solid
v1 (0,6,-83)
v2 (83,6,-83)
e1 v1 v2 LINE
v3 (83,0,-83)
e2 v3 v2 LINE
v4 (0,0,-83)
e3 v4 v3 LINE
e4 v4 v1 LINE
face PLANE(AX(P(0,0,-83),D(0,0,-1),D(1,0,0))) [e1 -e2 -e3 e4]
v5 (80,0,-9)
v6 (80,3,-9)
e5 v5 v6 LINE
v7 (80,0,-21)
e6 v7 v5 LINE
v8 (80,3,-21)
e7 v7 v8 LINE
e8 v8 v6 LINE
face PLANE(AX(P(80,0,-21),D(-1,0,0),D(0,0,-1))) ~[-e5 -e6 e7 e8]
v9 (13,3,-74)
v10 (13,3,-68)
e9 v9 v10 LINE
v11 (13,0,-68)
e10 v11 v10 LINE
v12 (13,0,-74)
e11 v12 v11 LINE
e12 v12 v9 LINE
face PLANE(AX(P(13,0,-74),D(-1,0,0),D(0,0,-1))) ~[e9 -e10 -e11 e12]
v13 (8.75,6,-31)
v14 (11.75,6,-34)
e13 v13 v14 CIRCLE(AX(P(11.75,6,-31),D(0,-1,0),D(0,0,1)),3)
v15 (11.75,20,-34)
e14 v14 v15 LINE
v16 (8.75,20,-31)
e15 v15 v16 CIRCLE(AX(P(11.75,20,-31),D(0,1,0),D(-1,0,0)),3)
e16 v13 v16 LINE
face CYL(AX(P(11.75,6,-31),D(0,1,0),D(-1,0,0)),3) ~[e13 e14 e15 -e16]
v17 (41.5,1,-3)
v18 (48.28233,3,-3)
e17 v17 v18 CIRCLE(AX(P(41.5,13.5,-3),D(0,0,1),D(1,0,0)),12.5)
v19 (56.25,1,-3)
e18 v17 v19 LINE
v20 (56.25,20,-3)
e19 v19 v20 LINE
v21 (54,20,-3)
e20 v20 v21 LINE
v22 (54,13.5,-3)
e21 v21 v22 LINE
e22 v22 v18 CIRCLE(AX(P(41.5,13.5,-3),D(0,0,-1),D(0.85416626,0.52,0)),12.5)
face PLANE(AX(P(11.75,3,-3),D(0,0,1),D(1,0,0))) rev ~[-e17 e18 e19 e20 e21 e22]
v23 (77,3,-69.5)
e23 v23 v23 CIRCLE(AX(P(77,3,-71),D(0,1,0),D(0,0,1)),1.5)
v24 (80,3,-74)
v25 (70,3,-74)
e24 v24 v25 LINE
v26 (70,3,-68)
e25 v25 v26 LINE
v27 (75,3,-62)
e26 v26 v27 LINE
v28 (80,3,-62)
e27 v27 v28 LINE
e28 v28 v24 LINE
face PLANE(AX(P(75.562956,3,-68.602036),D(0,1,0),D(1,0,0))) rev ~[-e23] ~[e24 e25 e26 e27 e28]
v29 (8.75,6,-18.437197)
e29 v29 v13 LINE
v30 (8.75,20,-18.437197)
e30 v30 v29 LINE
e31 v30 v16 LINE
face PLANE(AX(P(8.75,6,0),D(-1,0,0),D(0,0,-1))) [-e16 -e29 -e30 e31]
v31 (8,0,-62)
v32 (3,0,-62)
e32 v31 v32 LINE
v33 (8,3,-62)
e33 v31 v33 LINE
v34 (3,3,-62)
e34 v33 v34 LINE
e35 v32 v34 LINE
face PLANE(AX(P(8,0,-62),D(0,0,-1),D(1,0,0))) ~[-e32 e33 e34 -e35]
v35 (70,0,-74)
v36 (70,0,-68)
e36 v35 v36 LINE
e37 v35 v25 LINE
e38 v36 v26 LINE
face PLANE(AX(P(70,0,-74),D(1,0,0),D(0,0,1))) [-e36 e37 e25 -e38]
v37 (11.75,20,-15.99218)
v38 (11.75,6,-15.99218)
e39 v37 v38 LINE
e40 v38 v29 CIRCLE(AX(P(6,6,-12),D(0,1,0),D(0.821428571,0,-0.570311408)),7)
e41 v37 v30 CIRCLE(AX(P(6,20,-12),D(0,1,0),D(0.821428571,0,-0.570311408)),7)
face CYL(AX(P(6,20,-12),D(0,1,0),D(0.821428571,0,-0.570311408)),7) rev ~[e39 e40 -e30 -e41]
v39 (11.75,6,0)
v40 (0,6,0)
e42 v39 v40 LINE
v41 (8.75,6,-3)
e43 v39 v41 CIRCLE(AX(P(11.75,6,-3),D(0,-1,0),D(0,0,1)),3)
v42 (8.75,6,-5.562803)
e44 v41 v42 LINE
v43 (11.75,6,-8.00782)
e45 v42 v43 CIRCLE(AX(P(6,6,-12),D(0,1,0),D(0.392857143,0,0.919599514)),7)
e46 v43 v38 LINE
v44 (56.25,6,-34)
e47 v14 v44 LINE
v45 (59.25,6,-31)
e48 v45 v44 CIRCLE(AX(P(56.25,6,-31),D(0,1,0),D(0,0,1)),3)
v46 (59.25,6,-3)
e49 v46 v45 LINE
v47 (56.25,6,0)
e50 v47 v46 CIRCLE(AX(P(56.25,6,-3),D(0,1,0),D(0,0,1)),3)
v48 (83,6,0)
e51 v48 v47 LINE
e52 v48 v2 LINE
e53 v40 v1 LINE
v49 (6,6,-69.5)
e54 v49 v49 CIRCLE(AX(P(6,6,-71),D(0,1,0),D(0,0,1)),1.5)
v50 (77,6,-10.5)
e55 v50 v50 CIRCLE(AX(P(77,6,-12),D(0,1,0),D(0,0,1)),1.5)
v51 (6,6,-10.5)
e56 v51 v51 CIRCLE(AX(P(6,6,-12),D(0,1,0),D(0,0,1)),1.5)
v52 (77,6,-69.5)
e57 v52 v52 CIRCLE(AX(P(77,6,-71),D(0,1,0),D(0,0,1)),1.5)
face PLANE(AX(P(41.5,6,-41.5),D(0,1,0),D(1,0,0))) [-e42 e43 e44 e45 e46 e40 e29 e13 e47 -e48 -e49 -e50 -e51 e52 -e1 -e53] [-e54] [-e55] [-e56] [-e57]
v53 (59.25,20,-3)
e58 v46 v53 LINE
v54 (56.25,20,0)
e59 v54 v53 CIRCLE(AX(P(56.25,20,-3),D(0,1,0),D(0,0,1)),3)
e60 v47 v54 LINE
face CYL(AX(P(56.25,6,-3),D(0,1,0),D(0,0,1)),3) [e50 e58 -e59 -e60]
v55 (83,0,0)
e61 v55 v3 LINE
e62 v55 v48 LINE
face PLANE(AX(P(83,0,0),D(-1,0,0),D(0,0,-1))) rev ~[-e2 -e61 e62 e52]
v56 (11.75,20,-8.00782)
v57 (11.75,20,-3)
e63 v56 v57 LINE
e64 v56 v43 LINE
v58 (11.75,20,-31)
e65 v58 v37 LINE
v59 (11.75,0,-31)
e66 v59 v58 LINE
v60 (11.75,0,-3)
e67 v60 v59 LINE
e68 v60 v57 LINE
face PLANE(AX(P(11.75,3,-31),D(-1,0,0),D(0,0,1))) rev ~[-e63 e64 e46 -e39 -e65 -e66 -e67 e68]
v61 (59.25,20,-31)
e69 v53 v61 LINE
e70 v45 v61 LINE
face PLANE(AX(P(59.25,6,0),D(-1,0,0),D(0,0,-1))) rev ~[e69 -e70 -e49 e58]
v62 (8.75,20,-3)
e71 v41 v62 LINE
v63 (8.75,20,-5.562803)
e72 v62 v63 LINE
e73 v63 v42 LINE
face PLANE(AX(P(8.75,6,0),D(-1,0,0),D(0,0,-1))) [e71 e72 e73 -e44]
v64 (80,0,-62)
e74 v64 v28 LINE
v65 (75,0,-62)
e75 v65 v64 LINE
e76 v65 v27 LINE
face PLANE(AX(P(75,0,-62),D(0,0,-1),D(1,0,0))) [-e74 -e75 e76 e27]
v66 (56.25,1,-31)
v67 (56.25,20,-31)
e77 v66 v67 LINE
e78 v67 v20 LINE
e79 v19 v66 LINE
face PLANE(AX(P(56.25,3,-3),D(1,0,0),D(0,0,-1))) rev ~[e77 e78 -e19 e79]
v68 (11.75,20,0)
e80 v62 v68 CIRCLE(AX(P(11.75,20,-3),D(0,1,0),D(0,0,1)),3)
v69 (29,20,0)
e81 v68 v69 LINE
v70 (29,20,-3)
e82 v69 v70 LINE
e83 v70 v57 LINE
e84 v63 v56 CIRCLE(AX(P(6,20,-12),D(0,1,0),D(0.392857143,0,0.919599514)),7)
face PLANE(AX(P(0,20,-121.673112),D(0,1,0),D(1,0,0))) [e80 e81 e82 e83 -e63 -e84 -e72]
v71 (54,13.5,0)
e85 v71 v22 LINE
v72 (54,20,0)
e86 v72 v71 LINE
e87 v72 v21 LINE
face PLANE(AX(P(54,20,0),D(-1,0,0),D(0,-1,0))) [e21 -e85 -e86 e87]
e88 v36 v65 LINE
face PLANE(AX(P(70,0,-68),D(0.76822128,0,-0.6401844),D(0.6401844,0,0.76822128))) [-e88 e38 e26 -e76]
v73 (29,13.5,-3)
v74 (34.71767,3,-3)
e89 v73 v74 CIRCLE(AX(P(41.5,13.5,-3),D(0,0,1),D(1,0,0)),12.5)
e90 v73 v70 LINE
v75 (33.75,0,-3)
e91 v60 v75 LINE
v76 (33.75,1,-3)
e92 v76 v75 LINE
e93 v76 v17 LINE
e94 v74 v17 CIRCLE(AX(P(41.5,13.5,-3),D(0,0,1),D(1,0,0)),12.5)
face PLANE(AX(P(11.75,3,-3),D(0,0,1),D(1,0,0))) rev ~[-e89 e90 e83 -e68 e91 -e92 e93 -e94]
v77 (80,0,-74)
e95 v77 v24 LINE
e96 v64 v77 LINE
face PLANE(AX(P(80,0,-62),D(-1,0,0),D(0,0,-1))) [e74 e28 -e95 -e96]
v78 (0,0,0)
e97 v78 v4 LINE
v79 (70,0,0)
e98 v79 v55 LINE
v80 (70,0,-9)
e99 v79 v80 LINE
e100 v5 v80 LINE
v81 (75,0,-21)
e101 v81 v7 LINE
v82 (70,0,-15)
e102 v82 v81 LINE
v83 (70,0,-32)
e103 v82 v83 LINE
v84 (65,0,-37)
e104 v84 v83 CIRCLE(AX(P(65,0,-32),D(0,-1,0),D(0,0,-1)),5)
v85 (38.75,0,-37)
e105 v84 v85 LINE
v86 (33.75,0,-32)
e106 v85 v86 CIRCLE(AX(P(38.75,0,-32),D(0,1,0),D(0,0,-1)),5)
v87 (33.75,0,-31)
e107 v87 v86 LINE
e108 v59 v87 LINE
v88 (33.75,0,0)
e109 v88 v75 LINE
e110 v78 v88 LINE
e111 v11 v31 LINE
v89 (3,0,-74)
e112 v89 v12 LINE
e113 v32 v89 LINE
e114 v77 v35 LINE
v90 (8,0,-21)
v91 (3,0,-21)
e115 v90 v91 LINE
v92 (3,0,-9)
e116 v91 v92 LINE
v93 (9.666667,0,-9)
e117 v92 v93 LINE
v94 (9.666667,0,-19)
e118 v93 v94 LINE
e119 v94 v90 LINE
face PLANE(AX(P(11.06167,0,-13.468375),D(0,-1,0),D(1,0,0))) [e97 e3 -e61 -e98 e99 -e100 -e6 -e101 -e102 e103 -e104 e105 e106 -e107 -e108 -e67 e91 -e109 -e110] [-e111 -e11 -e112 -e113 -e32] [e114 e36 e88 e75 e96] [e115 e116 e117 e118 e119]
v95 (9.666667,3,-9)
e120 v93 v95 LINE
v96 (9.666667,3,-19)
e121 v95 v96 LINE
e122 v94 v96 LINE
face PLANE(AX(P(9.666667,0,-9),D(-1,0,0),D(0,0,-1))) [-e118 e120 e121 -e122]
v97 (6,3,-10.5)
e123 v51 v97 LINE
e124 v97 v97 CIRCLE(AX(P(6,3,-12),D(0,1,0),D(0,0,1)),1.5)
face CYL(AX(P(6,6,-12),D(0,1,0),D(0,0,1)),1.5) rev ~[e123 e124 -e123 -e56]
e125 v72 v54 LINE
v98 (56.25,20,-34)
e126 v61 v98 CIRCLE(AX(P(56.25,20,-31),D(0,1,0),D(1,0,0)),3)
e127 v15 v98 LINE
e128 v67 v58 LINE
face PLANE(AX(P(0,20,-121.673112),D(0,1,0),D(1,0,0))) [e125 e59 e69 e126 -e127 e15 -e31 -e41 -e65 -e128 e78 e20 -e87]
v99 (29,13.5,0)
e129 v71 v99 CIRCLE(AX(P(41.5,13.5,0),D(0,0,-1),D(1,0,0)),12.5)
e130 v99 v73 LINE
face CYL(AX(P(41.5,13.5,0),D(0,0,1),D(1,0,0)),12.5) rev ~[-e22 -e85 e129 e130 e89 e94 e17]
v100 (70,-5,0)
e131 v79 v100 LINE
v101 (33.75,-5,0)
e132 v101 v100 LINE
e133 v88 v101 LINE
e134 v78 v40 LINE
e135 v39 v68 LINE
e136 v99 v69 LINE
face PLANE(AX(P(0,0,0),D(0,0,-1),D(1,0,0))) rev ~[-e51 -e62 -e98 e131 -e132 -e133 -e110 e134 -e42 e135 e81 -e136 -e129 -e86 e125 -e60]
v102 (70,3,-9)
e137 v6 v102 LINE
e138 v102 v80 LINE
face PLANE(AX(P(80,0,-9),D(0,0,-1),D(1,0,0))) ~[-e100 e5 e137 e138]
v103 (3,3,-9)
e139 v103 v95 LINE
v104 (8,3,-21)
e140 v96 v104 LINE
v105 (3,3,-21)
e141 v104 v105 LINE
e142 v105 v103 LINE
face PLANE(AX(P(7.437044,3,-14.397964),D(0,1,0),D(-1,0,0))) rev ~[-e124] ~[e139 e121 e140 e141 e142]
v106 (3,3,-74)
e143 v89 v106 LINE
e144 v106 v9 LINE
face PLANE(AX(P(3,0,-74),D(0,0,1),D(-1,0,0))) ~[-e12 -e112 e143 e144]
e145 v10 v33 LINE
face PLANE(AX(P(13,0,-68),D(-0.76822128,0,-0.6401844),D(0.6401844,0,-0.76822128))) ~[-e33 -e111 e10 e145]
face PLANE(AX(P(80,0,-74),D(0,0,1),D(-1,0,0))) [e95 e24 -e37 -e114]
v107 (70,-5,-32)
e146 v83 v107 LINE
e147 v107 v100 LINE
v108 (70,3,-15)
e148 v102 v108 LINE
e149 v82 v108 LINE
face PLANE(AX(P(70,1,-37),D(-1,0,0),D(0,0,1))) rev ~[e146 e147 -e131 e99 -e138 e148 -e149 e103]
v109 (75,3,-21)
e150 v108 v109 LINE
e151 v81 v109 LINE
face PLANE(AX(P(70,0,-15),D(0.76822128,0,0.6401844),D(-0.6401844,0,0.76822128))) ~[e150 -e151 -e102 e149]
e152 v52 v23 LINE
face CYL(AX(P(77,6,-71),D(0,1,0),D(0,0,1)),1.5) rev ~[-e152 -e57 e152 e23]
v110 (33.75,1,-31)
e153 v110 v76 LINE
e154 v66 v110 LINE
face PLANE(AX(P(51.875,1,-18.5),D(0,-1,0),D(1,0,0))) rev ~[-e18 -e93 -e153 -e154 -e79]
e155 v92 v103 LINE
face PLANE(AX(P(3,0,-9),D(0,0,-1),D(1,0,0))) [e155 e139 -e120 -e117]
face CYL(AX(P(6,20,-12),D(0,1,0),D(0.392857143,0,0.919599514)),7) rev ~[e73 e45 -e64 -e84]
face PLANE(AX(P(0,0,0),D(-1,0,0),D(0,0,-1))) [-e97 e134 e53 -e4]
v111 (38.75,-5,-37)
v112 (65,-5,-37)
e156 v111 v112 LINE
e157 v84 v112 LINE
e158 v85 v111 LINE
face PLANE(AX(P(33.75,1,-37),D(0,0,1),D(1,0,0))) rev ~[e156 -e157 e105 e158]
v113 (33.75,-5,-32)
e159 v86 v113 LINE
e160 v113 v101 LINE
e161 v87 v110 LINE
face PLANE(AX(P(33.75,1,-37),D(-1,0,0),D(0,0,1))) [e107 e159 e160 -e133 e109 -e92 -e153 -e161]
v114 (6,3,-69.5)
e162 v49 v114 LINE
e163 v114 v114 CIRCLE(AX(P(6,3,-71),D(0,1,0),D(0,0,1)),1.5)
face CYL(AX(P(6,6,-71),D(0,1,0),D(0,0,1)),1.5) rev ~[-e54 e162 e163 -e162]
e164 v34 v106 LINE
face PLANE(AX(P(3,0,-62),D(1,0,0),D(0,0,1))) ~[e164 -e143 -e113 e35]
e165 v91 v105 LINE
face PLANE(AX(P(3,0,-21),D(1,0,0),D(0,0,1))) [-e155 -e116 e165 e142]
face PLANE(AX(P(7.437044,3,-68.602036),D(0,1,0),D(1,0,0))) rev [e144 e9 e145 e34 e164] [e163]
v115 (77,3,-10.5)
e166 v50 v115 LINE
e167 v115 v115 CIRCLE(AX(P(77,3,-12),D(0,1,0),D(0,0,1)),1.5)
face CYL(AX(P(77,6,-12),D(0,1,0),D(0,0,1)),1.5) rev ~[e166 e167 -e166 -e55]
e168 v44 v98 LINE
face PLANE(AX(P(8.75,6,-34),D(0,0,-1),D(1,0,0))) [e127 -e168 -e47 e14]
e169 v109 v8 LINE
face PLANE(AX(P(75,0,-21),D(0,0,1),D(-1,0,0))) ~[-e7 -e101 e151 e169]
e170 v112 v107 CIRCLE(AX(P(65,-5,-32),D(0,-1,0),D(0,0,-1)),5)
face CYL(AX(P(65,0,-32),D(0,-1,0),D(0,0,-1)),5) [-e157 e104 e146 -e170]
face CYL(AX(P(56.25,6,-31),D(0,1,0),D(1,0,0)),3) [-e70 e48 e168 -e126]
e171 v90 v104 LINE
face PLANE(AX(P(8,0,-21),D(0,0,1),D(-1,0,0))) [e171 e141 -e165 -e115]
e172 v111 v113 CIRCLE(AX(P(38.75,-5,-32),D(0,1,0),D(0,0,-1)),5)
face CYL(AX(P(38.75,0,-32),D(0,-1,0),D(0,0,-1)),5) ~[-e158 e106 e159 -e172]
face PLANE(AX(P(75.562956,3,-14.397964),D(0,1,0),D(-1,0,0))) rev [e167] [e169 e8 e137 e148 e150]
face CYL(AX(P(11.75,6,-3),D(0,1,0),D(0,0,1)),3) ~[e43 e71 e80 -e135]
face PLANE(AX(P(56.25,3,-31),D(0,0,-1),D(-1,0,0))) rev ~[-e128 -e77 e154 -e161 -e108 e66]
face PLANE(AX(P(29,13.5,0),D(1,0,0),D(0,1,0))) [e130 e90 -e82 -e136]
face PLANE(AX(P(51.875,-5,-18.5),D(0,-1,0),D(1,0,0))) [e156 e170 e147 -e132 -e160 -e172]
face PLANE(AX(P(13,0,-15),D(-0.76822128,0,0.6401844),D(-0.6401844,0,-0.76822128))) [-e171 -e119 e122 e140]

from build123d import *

# Parameters (mm, degrees)
SKETCH1_W                                = 83
SKETCH1_H                                = 83
BOSS_EXTRUDE1_DEPTH                      = 6
SKETCH2_R                                = 1.5
CUT_EXTRUDE1_DEPTH                       = 118.532974097
SKETCH5_W                                = 50.5
SKETCH5_H                                = 34
BOSS_EXTRUDE2_DEPTH                      = 22
SKETCH6_W                                = 44.5
SKETCH6_H                                = 28
CUT_EXTRUDE5_DEPTH                       = 25
FILLET1_R                                = 3
SKETCH8_R                                = 12.5
CUT_EXTRUDE6_DEPTH                       = 10
CUT_EXTRUDE7_DEPTH                       = 121.673112167
CUT_EXTRUDE7_DEPTH_BACK                  = 121.673112167
SKETCH9_W                                = 83
SKETCH9_H                                = 8
CUT_EXTRUDE8_DEPTH                       = 3
MIRROR1_AT_THE_SECOND_PLANE_COPY_1_DEPTH = 3
CUT_EXTRUDE9_DEPTH                       = 14
CUT_EXTRUDE10_DEPTH                      = 10
CUT_EXTRUDE11_DEPTH                      = 10
BOSS_EXTRUDE3_DEPTH                      = 3
CUT_EXTRUDE14_DEPTH                      = 4
SKETCH20_W                               = 13.564659966
SKETCH20_H                               = 7
CUT_EXTRUDE15_DEPTH                      = 4
BOSS_EXTRUDE4_DEPTH                      = 5
BOSS_EXTRUDE4_DEPTH_BACK                 = 1
SKETCH21_W                               = 36.25
SKETCH21_H                               = 37
FILLET2_R                                = 5


with BuildPart() as part:
    # Sketch1 → Boss-Extrude1 (new body)
    with BuildSketch(Plane(origin=(0, 0, 0), x_dir=(1, 0, 0), z_dir=(0, 1, 0))):
        with Locations((41.5, 41.5)):
            Rectangle(SKETCH1_W, SKETCH1_H)
    extrude(amount=BOSS_EXTRUDE1_DEPTH)

    # Sketch2 → Cut-Extrude1 (cut, through all)
    with BuildSketch(Plane(origin=(0, 6, 0), x_dir=(1, 0, 0), z_dir=(0, 1, 0))):
        with Locations(Location((6, 71, 0), (0, 0, 270))):
            Circle(SKETCH2_R)
        with Locations(Location((6, 12, 0), (0, 0, 270))):
            Circle(SKETCH2_R)
        with Locations(Location((77, 12, 0), (0, 0, 270))):
            Circle(SKETCH2_R)
        with Locations(Location((77, 71, 0), (0, 0, 270))):
            Circle(SKETCH2_R)
    extrude(amount=-CUT_EXTRUDE1_DEPTH, mode=Mode.SUBTRACT)

    # Sketch5 → Boss-Extrude2 (add)
    with BuildSketch(Plane(origin=(0, 6, 0), x_dir=(1, 0, 0), z_dir=(0, 1, 0))):
        with Locations((34, 17)):
            Rectangle(SKETCH5_W, SKETCH5_H)
    extrude(amount=BOSS_EXTRUDE2_DEPTH)

    # Sketch6 → Cut-Extrude5 (cut)
    with BuildSketch(Plane(origin=(0, 28, 0), x_dir=(1, 0, 0), z_dir=(0, 1, 0))):
        with Locations((34, 17)):
            Rectangle(SKETCH6_W, SKETCH6_H)
    extrude(amount=-CUT_EXTRUDE5_DEPTH, mode=Mode.SUBTRACT)

    # Fillet1
    fillet1_edges = [part.edges().sort_by_distance(p)[0] for p in [
        (59.25, 17, -34),
        (8.75, 17, -34),
        (8.75, 17, 0),
        (59.25, 17, 0),
    ]]
    fillet(fillet1_edges, radius=FILLET1_R)

    # Sketch8 → Cut-Extrude6 (cut)
    with BuildSketch(Plane.XY):
        with Locations((41.5, 13.5)):
            Circle(SKETCH8_R)
    extrude(amount=-CUT_EXTRUDE6_DEPTH, mode=Mode.SUBTRACT)

    # Sketch9 → Cut-Extrude7 (cut, two sides: drawn at the far end of the back side and taken through both)
    with BuildSketch(Plane.XY.offset(-CUT_EXTRUDE7_DEPTH_BACK)):
        with Locations((41.5, 24)):
            Rectangle(SKETCH9_W, SKETCH9_H)
    extrude(amount=CUT_EXTRUDE7_DEPTH + CUT_EXTRUDE7_DEPTH_BACK, mode=Mode.SUBTRACT)

    # Sketch11 → Cut-Extrude8 (cut)
    with BuildSketch(Plane.XZ):
        Polygon((3, -9), (13, -9), (13, -15), (8, -21), (3, -21), align=None)
    cut_extrude8 = extrude(amount=-CUT_EXTRUDE8_DEPTH, mode=Mode.SUBTRACT)

    # Mirror1: Cut-Extrude8 across plane
    add(cut_extrude8.mirror(Plane.XY.offset(-41.5)), mode=Mode.SUBTRACT)

    # Mirror1 at the second plane: Cut-Extrude8 across plane
    add(cut_extrude8.mirror(Plane.ZY.offset(-41.5)), mode=Mode.SUBTRACT)

    # Mirror1 at the second plane copy 1 sketc → Mirror1 at the second plane copy 1 (cut)
    with BuildSketch(Plane(origin=(83, 0, -83), x_dir=(-1, 0, 0), z_dir=(0, -1, 0))):
        Polygon((3, -9), (13, -9), (13, -15), (8, -21), (3, -21), align=None)
    extrude(amount=-MIRROR1_AT_THE_SECOND_PLANE_COPY_1_DEPTH, mode=Mode.SUBTRACT)

    # Sketch13 → Cut-Extrude9 (cut)
    with BuildSketch(Plane(origin=(0, 20, 0), x_dir=(1, 0, 0), z_dir=(0, 1, 0))):
        with BuildLine():
            Line((11.75, 8.007820144), (11.75, 15.992179856))
            ThreePointArc((11.75, 15.992179856), (10.422332723, 17.426137972), (8.75, 18.437196595))
            Line((8.75, 18.437196595), (8.75, 5.562803405))
            ThreePointArc((8.75, 5.562803405), (10.422332723, 6.573862028), (11.75, 8.007820144))
        make_face()
    extrude(amount=-CUT_EXTRUDE9_DEPTH, mode=Mode.SUBTRACT)

    # Sketch14 → Cut-Extrude10 (cut)
    with BuildSketch(Plane.XY):
        Polygon((29, 13.5), (29, 20), (30.822921748, 20), align=None)
    extrude(amount=-CUT_EXTRUDE10_DEPTH, mode=Mode.SUBTRACT)

    # Sketch15 → Cut-Extrude11 (cut)
    with BuildSketch(Plane.XY):
        Polygon((54, 20), (54, 13.5), (52.177078252, 20), align=None)
    extrude(amount=-CUT_EXTRUDE11_DEPTH, mode=Mode.SUBTRACT)

    # Sketch17 → Boss-Extrude3 (add)
    with BuildSketch(Plane.XZ):
        Polygon((9.666666667, -9), (9.666666667, -19), (13, -15), (13, -9), align=None)
    extrude(amount=-BOSS_EXTRUDE3_DEPTH)

    # Sketch18 → Cut-Extrude14 (cut)
    with BuildSketch(Plane(origin=(0, 3, 0), x_dir=(1, 0, 0), z_dir=(0, 1, 0))):
        Polygon((34.717670017, 3), (34.717670017, 10), (48.282329983, 10), (48.282329983, 3), (56.25, 3), (56.25, 31), (11.75, 31), (11.75, 3), align=None)
    extrude(amount=-CUT_EXTRUDE14_DEPTH, mode=Mode.SUBTRACT)

    # Sketch20 → Cut-Extrude15 (cut)
    with BuildSketch(Plane.XZ):
        with Locations((41.5, -6.5)):
            Rectangle(SKETCH20_W, SKETCH20_H)
    extrude(amount=-CUT_EXTRUDE15_DEPTH, mode=Mode.SUBTRACT)

    # Sketch21 → Boss-Extrude4 (add, two sides: drawn at the far end of the back side and taken through both)
    with BuildSketch(Plane.XZ.offset(-BOSS_EXTRUDE4_DEPTH_BACK)):
        with Locations((51.875, -18.5)):
            Rectangle(SKETCH21_W, SKETCH21_H)
    extrude(amount=BOSS_EXTRUDE4_DEPTH + BOSS_EXTRUDE4_DEPTH_BACK)

    # Fillet2
    fillet2_edges = [part.edges().sort_by_distance(p)[0] for p in [
        (33.75, -2.5, -37),
        (70, -2.5, -37),
    ]]
    fillet(fillet2_edges, radius=FILLET2_R)


solid = part.part
